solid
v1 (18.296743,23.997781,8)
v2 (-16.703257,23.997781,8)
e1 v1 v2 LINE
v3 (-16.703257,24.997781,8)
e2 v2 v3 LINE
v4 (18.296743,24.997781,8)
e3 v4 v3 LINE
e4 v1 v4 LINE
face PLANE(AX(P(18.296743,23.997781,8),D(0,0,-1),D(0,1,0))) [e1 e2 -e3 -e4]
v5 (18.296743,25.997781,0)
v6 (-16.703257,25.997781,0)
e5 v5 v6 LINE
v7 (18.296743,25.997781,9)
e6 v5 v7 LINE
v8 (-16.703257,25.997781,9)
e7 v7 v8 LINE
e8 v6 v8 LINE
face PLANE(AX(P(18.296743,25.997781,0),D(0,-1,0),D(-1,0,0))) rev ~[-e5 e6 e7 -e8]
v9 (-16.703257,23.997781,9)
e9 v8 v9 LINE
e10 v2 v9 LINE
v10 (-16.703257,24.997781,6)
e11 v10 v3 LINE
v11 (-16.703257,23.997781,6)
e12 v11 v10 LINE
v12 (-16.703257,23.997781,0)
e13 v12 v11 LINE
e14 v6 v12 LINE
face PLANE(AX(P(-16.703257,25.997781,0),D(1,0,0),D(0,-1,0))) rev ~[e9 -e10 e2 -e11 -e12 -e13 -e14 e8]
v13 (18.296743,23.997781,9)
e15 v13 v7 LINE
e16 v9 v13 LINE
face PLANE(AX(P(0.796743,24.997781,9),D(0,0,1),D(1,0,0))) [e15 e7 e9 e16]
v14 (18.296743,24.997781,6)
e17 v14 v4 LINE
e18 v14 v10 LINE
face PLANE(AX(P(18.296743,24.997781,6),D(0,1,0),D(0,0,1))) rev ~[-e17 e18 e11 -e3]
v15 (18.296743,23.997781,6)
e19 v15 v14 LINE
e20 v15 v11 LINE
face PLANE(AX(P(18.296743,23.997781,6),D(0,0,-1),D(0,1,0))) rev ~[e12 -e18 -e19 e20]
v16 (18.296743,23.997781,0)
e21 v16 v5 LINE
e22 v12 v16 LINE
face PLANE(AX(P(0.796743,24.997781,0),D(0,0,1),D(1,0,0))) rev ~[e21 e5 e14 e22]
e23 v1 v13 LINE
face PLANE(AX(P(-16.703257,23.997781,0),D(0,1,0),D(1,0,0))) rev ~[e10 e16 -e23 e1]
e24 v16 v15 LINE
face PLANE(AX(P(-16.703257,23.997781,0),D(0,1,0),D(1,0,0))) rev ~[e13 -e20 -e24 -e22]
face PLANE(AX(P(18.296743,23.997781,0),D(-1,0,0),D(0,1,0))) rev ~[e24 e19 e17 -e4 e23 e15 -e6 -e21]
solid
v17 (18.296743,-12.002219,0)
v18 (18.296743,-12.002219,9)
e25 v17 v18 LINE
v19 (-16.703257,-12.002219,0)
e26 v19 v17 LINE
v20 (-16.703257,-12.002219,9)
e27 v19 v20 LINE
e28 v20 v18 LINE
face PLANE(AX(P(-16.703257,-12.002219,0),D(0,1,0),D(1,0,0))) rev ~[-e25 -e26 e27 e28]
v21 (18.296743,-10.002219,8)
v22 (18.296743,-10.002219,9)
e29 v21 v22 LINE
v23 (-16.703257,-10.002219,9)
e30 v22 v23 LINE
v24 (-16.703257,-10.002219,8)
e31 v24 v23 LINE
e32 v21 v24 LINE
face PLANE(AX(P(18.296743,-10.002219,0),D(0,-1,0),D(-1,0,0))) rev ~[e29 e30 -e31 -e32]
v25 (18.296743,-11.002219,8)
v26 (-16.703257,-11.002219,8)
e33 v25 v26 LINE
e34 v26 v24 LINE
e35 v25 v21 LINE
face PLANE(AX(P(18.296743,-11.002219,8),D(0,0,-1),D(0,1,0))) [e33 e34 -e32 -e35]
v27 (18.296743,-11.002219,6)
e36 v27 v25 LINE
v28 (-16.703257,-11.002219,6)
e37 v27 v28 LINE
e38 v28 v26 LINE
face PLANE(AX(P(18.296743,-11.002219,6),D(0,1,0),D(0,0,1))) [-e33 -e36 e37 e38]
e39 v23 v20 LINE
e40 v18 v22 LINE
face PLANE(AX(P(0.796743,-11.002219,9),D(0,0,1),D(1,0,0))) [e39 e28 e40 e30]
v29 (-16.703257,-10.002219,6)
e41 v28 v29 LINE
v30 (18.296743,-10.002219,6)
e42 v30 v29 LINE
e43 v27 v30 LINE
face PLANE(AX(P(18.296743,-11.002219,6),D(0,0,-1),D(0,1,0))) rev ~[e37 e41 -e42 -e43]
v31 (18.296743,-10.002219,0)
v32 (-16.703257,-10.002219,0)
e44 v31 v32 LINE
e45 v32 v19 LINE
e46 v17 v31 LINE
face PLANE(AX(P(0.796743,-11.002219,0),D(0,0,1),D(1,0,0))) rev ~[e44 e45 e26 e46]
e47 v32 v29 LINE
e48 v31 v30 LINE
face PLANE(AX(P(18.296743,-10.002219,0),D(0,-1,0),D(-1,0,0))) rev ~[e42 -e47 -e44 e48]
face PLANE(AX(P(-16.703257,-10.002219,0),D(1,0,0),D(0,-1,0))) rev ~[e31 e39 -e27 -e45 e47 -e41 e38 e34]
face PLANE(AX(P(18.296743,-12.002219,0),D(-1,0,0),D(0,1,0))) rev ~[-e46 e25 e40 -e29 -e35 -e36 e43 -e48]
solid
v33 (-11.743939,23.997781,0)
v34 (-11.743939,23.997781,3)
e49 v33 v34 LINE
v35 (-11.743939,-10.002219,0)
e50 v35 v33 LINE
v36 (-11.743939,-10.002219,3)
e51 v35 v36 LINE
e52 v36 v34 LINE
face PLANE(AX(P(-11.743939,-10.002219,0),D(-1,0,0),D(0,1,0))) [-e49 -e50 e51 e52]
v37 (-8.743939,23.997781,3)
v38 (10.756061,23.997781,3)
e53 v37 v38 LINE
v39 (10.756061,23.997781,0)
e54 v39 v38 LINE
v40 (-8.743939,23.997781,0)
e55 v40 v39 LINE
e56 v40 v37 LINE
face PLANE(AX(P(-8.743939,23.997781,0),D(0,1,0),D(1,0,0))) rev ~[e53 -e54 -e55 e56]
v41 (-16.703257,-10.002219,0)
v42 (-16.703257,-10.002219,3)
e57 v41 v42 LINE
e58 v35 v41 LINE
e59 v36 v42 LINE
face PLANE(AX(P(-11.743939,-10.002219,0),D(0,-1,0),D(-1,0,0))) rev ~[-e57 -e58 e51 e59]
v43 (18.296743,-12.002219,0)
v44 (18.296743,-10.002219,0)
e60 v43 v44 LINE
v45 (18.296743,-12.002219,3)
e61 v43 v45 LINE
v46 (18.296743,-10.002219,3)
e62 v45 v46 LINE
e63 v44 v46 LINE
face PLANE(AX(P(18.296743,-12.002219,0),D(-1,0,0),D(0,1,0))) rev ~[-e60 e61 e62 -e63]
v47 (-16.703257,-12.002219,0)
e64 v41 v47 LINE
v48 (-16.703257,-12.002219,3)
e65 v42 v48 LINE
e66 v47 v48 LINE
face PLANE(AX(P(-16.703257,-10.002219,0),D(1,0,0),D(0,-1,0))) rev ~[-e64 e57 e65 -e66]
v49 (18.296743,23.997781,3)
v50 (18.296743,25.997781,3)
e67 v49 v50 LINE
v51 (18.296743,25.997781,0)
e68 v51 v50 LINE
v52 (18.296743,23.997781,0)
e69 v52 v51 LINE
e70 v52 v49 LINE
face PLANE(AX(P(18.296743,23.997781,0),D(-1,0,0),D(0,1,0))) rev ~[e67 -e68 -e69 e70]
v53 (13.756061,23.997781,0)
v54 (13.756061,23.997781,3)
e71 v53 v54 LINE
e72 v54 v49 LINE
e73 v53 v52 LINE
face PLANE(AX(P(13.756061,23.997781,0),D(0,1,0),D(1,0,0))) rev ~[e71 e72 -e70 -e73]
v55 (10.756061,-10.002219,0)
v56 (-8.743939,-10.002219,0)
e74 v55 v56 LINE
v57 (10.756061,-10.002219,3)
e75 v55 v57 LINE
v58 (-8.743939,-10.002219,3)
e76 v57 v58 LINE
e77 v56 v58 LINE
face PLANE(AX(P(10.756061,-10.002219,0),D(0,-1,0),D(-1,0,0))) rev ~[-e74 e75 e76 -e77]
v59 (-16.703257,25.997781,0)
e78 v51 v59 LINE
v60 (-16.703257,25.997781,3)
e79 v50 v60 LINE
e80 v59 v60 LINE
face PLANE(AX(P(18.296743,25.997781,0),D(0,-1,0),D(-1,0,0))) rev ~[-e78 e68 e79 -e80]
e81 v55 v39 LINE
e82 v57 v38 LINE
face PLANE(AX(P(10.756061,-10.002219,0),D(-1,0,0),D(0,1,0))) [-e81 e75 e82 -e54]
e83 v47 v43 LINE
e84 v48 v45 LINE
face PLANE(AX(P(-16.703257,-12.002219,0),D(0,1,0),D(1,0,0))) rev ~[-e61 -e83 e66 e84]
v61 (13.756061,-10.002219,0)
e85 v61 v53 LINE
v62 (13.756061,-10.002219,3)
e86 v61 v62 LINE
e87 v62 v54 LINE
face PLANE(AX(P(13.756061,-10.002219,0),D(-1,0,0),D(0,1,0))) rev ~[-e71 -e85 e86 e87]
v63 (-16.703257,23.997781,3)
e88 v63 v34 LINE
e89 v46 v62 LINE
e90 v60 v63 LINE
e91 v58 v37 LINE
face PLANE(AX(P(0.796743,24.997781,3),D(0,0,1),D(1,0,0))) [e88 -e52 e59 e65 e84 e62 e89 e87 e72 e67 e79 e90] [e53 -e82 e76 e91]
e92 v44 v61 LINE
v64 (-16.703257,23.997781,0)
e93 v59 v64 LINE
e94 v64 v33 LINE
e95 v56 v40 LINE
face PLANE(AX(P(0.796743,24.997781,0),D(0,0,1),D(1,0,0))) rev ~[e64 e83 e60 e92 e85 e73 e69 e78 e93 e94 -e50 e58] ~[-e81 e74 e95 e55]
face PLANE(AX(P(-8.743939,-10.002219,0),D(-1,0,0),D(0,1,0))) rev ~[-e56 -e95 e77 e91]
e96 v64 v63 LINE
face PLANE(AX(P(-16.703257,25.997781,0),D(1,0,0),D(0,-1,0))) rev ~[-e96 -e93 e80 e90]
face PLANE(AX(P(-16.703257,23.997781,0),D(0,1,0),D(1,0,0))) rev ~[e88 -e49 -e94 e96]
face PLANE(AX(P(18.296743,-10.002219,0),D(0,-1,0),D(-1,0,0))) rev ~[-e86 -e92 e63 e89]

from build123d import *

# Parameters (mm, degrees)
F1_DEPTH = 9
F0_W     = 3
F0_H     = 34
F2_DEPTH = 3
F3_W     = 1
F3_H     = 2
F4_DEPTH = 35
F5_W     = 1
F5_H     = 2
F6_DEPTH = 35


with BuildPart() as f1:
    # F0 (on Top) → F1 (new body)
    with BuildSketch(Plane.XY):
        Polygon((18.296743, 25.997781), (-16.703257, 25.997781), (-16.703257, 23.997781), (-11.743939, 23.997781), (-8.743939, 23.997781), (10.756061, 23.997781), (13.756061, 23.997781), (18.296743, 23.997781), align=None)
        Polygon((-8.743939, -10.002219), (-11.743939, -10.002219), (-16.703257, -10.002219), (-16.703257, -12.002219), (18.296743, -12.002219), (18.296743, -10.002219), (13.756061, -10.002219), (10.756061, -10.002219), align=None)
    extrude(amount=F1_DEPTH)

    # F3 (on face) → F4 (cut)
    with BuildSketch(Plane.YZ.offset(18.296743)):
        with Locations((-10.502219, 7)):
            Rectangle(F3_W, F3_H)
    extrude(amount=-F4_DEPTH, mode=Mode.SUBTRACT)

    # F5 (on face) → F6 (cut)
    with BuildSketch(Plane.YZ.offset(18.296743)):
        with Locations((24.497781, 7)):
            Rectangle(F5_W, F5_H)
    extrude(amount=-F6_DEPTH, mode=Mode.SUBTRACT)


with BuildPart() as f2:
    # F0 (on Top) → F2 (new body)
    with BuildSketch(Plane.XY):
        Polygon((18.296743, 25.997781), (-16.703257, 25.997781), (-16.703257, 23.997781), (-11.743939, 23.997781), (-8.743939, 23.997781), (10.756061, 23.997781), (13.756061, 23.997781), (18.296743, 23.997781), align=None)
        with Locations((-10.243939, 6.997781)):
            Rectangle(F0_W, F0_H)
        with Locations((12.256061, 6.997781)):
            Rectangle(F0_W, F0_H)
        Polygon((-8.743939, -10.002219), (-11.743939, -10.002219), (-16.703257, -10.002219), (-16.703257, -12.002219), (18.296743, -12.002219), (18.296743, -10.002219), (13.756061, -10.002219), (10.756061, -10.002219), align=None)
    extrude(amount=F2_DEPTH)


solid = Compound([f1.part, f2.part])
